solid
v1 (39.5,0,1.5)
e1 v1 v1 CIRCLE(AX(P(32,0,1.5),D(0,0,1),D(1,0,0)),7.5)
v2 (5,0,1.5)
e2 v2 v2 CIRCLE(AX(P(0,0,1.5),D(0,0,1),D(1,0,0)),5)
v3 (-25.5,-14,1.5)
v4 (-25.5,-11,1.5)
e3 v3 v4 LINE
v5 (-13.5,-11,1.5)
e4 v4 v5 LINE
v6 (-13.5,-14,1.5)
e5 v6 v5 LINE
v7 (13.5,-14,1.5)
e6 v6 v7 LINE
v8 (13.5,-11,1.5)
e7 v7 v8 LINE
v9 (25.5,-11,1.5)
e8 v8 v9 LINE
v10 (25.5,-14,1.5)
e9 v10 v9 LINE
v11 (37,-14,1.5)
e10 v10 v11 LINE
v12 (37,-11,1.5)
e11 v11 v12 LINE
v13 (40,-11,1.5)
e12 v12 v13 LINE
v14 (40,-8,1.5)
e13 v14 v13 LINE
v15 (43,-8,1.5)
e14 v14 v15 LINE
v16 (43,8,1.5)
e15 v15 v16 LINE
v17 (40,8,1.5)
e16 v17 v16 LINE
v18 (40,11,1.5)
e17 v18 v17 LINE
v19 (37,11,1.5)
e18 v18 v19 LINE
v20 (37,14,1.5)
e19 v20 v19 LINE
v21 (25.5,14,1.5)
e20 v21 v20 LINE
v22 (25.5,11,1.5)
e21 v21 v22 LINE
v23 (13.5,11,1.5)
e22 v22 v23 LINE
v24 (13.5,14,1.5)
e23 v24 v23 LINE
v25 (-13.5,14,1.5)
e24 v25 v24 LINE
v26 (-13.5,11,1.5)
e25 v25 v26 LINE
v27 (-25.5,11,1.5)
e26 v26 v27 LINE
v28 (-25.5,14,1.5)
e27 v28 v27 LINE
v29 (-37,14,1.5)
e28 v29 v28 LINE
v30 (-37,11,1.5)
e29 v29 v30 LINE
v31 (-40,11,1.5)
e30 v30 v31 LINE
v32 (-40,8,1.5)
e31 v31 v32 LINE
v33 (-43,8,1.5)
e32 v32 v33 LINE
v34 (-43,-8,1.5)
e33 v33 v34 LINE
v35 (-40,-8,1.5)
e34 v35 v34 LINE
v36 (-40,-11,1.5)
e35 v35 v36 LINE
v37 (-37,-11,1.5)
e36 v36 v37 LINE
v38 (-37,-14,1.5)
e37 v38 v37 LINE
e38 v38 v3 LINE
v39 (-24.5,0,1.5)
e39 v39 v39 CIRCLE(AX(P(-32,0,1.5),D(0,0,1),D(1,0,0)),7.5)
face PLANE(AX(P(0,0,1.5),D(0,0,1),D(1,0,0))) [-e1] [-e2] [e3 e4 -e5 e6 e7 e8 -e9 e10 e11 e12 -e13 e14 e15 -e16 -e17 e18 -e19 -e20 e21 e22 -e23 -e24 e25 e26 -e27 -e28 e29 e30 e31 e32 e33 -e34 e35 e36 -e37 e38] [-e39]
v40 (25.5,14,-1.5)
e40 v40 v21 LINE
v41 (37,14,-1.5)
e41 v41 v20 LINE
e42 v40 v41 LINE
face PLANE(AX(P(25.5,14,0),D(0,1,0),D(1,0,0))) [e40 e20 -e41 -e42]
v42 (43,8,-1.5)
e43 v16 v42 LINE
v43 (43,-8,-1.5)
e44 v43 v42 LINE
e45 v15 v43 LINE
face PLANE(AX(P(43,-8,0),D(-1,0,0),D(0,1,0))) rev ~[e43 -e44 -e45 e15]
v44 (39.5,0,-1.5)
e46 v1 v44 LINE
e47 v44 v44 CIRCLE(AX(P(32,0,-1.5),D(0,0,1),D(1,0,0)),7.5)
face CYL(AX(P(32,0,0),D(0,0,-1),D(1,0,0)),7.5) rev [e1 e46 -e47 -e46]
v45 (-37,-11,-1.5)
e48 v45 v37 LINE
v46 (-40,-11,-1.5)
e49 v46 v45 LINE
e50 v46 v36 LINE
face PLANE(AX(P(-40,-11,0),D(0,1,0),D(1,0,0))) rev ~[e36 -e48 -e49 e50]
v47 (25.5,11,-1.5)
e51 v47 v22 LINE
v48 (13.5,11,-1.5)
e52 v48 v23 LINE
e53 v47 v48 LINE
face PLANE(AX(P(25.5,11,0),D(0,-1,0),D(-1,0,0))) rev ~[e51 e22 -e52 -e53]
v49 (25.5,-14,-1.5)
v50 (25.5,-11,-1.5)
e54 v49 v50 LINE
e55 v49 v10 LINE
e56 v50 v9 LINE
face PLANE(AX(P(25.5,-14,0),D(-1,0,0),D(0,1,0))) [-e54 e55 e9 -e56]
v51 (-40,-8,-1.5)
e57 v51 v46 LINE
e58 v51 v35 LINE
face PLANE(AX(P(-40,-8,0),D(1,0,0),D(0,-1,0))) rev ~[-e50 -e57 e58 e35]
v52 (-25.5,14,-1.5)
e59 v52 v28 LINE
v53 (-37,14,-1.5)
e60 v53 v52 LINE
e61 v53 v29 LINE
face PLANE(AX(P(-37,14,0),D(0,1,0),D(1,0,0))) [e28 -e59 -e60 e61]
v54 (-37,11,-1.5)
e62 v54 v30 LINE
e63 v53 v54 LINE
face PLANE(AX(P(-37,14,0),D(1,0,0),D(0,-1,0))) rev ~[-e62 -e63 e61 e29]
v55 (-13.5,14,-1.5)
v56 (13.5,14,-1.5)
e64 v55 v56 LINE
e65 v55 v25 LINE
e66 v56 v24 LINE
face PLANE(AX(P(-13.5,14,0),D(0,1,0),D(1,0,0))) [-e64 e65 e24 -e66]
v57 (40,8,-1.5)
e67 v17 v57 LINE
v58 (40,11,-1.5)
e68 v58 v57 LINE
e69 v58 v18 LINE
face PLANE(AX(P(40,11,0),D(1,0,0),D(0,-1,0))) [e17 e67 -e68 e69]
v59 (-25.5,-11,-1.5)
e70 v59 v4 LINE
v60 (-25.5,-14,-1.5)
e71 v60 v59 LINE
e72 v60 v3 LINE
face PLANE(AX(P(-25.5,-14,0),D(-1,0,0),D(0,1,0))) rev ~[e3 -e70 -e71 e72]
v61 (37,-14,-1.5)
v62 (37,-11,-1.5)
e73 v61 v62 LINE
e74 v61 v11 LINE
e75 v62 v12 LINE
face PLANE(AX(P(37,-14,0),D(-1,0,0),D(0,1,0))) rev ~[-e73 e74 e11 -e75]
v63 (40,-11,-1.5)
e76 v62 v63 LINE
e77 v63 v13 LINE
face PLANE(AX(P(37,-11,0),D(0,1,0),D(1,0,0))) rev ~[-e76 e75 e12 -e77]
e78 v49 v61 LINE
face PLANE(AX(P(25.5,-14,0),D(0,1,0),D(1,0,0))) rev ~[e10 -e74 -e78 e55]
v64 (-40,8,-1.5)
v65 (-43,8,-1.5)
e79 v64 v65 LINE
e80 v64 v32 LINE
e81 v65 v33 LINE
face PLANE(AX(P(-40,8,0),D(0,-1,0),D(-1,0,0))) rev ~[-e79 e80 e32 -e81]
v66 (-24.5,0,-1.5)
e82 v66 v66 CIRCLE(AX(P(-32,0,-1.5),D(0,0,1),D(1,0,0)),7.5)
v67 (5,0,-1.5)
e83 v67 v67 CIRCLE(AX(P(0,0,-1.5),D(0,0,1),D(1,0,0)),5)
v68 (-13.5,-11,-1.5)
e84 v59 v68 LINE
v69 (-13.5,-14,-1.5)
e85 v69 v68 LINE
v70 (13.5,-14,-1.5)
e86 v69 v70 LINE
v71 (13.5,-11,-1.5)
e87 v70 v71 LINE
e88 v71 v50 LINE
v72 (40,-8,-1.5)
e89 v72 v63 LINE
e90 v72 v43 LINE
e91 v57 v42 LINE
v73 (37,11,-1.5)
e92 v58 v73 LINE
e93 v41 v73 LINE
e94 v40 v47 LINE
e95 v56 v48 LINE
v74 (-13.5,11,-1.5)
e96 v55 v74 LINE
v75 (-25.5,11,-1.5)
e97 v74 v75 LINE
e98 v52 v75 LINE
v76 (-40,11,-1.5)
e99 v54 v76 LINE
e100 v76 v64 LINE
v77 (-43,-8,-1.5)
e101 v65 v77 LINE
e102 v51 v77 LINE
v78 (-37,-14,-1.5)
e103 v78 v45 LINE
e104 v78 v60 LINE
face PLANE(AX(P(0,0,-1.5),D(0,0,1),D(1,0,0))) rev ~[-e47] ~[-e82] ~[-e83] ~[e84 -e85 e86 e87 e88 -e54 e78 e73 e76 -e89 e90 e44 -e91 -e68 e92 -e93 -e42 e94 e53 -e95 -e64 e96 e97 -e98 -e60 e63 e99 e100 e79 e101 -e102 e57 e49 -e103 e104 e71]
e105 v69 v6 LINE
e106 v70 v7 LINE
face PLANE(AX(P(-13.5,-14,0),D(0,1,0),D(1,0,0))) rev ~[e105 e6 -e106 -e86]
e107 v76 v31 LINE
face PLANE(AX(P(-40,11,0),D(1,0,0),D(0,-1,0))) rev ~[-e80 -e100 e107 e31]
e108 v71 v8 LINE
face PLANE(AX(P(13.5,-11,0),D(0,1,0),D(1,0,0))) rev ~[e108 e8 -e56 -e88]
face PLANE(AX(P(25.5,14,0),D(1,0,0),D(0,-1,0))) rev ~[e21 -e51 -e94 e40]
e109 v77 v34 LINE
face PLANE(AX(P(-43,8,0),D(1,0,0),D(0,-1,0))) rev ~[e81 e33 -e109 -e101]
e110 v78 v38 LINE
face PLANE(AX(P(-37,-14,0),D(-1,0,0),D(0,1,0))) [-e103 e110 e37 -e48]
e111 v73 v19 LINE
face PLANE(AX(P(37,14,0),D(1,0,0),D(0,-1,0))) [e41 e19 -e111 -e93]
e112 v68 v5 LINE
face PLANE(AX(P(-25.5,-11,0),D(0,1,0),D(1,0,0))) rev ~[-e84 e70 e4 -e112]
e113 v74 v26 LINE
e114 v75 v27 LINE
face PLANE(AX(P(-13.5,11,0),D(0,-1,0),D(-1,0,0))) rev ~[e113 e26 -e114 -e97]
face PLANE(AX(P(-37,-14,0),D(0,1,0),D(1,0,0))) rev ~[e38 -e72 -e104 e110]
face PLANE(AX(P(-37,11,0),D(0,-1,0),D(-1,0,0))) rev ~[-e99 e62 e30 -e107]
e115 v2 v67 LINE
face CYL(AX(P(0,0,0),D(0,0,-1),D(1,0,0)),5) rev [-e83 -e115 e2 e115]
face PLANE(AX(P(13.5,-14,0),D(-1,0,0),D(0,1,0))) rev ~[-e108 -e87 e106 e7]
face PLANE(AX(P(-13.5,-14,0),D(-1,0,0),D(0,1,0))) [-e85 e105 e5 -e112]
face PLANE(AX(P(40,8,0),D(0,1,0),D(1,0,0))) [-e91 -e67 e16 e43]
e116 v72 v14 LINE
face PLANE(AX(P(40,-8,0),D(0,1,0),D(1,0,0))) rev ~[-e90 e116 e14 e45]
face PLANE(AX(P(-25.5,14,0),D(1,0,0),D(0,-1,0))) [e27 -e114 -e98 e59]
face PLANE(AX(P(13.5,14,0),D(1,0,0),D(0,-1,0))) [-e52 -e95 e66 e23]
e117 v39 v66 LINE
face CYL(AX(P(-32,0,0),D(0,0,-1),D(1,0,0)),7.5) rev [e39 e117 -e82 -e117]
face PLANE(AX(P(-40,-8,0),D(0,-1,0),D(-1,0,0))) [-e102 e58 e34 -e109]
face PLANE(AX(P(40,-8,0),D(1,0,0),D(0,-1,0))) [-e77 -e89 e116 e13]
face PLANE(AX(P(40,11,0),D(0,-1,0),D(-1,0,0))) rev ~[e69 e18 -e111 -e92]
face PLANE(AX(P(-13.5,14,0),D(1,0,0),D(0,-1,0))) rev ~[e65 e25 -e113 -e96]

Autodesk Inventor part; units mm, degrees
ref_plane "YZ Plane" through (0, 0, 0) normal (1, 0, 0) x (0, 1, 0)
ref_plane "XZ Plane" through (0, 0, 0) normal (0, 1, 0) x (-1, 0, 0)
ref_plane "XY Plane" through (0, 0, 0) normal (0, 0, 1) x (1, 0, 0)
sketch "Sketch2" plane through (0, 0, 0) normal (0, 0, 1) x (1, 0, 0)
  line L0 (-60.2, 0) -> (60.2, 0) construction
  line L1 (0, -19.6) -> (0, 19.6) construction
  circle A0 centre (0, 0) radius 5
  circle A1 centre (-32, 0) radius 7.5
  circle A2 centre (32, 0) radius 7.5
  line L2 (43, 11) -> (37, 11)
  line L3 (-43, 11) -> (-43, 8)
  line L4 (-43, -11) -> (-37, -11)
  line L5 (43, -11) -> (43, -8)
  line L6 (-43, 11) -> (-43, 14)
  line L7 (-43, 14) -> (-37, 14)
  line L8 (43, 14) -> (43, 11)
  line L9 (-43, -11) -> (-43, -14)
  line L10 (-43, -14) -> (-37, -14)
  line L11 (43, -14) -> (43, -11)
  line L12 (40, 11) -> (40, 8)
  line L13 (40, 8) -> (43, 8)
  line L14 (40, -8) -> (43, -8)
  line L15 (-40, 11) -> (-40, 8)
  line L16 (-40, 8) -> (-43, 8)
  line L17 (-40, -8) -> (-43, -8)
  line L18 (-40, 8) -> (-40, -11)
  line L19 (-43, 8) -> (-43, -11)
  line L20 (40, 8) -> (40, -11)
  line L21 (43, 8) -> (43, 11)
  line L22 (43, -8) -> (43, 8)
  line L23 (22.5, 14) -> (22.5, 11) construction
  line L24 (25.5, 14) -> (25.5, 11)
  line L25 (40, 11) -> (40, 14) construction
  line L26 (37, 14) -> (37, 11)
  line L27 (37, 14) -> (43, 14)
  line L28 (25.5, 14) -> (37, 14)
  line L29 (25.5, 11) -> (13.5, 11)
  line L30 (37, 11) -> (25.5, 11)
  line L31 (-25.5, 14) -> (-25.5, 11)
  line L32 (-37, 14) -> (-37, 11)
  line L33 (-25.5, 14) -> (-13.5, 14)
  line L34 (-37, 14) -> (-25.5, 14)
  line L35 (-37, 11) -> (-43, 11)
  line L36 (-25.5, 11) -> (-37, 11)
  line L37 (13.5, 14) -> (13.5, 11)
  line L38 (-13.5, 14) -> (-13.5, 11)
  line L39 (-13.5, 14) -> (25.5, 14)
  line L40 (-13.5, 11) -> (-25.5, 11)
  line L41 (13.5, 11) -> (-13.5, 11)
  line L42 (25.5, -14) -> (25.5, -11)
  line L43 (37, -14) -> (37, -11)
  line L44 (-25.5, -14) -> (-25.5, -11)
  line L45 (-37, -14) -> (-37, -11)
  line L46 (13.5, -14) -> (13.5, -11)
  line L47 (-13.5, -14) -> (-13.5, -11)
  line L48 (37, -11) -> (43, -11)
  line L49 (25.5, -11) -> (37, -11)
  line L50 (13.5, -11) -> (25.5, -11)
  line L51 (-13.5, -11) -> (13.5, -11)
  line L52 (-25.5, -11) -> (-13.5, -11)
  line L53 (-37, -11) -> (-25.5, -11)
  line L54 (-37, -14) -> (-25.5, -14)
  line L55 (-25.5, -14) -> (-13.5, -14)
  line L56 (-13.5, -14) -> (13.5, -14)
  line L57 (13.5, -14) -> (25.5, -14)
  line L58 (25.5, -14) -> (37, -14)
  line L59 (37, -14) -> (43, -14)
  dimension "d0" = 10
  dimension "d1" = 15
  dimension "d2" = 15
  dimension "d3" = 32
  dimension "d4" = 32
  dimension "d5" = 11
  dimension "d6" = 22
  dimension "d9" = 3
  dimension "d11" = 3
  dimension "d12" = 3
  dimension "d13" = 3
  dimension "d14" = 20.5
  dimension "d15" = 3
  dimension "d16" = 3
  dimension "d17" = 9
  dimension "d18" = 12
extrude "Extrusion1" add sketch "Sketch2" along normal mid plane 3 contours L12 L20 L48 L49 L50 L51 L52 L53 L4 L18 L15 L35 L36 L40 L41 L29 L30 L2 | L22 L14 L20 L13 | L30 L24 L28 L26 | L41 L38 L39 L37 | L43 L58 L42 L49 | L36 L32 L34 L31 | L46 L56 L47 L51 | L18 L17 L19 L16 | L44 L54 L45 L53
properties part number "Bearing-Middle"
